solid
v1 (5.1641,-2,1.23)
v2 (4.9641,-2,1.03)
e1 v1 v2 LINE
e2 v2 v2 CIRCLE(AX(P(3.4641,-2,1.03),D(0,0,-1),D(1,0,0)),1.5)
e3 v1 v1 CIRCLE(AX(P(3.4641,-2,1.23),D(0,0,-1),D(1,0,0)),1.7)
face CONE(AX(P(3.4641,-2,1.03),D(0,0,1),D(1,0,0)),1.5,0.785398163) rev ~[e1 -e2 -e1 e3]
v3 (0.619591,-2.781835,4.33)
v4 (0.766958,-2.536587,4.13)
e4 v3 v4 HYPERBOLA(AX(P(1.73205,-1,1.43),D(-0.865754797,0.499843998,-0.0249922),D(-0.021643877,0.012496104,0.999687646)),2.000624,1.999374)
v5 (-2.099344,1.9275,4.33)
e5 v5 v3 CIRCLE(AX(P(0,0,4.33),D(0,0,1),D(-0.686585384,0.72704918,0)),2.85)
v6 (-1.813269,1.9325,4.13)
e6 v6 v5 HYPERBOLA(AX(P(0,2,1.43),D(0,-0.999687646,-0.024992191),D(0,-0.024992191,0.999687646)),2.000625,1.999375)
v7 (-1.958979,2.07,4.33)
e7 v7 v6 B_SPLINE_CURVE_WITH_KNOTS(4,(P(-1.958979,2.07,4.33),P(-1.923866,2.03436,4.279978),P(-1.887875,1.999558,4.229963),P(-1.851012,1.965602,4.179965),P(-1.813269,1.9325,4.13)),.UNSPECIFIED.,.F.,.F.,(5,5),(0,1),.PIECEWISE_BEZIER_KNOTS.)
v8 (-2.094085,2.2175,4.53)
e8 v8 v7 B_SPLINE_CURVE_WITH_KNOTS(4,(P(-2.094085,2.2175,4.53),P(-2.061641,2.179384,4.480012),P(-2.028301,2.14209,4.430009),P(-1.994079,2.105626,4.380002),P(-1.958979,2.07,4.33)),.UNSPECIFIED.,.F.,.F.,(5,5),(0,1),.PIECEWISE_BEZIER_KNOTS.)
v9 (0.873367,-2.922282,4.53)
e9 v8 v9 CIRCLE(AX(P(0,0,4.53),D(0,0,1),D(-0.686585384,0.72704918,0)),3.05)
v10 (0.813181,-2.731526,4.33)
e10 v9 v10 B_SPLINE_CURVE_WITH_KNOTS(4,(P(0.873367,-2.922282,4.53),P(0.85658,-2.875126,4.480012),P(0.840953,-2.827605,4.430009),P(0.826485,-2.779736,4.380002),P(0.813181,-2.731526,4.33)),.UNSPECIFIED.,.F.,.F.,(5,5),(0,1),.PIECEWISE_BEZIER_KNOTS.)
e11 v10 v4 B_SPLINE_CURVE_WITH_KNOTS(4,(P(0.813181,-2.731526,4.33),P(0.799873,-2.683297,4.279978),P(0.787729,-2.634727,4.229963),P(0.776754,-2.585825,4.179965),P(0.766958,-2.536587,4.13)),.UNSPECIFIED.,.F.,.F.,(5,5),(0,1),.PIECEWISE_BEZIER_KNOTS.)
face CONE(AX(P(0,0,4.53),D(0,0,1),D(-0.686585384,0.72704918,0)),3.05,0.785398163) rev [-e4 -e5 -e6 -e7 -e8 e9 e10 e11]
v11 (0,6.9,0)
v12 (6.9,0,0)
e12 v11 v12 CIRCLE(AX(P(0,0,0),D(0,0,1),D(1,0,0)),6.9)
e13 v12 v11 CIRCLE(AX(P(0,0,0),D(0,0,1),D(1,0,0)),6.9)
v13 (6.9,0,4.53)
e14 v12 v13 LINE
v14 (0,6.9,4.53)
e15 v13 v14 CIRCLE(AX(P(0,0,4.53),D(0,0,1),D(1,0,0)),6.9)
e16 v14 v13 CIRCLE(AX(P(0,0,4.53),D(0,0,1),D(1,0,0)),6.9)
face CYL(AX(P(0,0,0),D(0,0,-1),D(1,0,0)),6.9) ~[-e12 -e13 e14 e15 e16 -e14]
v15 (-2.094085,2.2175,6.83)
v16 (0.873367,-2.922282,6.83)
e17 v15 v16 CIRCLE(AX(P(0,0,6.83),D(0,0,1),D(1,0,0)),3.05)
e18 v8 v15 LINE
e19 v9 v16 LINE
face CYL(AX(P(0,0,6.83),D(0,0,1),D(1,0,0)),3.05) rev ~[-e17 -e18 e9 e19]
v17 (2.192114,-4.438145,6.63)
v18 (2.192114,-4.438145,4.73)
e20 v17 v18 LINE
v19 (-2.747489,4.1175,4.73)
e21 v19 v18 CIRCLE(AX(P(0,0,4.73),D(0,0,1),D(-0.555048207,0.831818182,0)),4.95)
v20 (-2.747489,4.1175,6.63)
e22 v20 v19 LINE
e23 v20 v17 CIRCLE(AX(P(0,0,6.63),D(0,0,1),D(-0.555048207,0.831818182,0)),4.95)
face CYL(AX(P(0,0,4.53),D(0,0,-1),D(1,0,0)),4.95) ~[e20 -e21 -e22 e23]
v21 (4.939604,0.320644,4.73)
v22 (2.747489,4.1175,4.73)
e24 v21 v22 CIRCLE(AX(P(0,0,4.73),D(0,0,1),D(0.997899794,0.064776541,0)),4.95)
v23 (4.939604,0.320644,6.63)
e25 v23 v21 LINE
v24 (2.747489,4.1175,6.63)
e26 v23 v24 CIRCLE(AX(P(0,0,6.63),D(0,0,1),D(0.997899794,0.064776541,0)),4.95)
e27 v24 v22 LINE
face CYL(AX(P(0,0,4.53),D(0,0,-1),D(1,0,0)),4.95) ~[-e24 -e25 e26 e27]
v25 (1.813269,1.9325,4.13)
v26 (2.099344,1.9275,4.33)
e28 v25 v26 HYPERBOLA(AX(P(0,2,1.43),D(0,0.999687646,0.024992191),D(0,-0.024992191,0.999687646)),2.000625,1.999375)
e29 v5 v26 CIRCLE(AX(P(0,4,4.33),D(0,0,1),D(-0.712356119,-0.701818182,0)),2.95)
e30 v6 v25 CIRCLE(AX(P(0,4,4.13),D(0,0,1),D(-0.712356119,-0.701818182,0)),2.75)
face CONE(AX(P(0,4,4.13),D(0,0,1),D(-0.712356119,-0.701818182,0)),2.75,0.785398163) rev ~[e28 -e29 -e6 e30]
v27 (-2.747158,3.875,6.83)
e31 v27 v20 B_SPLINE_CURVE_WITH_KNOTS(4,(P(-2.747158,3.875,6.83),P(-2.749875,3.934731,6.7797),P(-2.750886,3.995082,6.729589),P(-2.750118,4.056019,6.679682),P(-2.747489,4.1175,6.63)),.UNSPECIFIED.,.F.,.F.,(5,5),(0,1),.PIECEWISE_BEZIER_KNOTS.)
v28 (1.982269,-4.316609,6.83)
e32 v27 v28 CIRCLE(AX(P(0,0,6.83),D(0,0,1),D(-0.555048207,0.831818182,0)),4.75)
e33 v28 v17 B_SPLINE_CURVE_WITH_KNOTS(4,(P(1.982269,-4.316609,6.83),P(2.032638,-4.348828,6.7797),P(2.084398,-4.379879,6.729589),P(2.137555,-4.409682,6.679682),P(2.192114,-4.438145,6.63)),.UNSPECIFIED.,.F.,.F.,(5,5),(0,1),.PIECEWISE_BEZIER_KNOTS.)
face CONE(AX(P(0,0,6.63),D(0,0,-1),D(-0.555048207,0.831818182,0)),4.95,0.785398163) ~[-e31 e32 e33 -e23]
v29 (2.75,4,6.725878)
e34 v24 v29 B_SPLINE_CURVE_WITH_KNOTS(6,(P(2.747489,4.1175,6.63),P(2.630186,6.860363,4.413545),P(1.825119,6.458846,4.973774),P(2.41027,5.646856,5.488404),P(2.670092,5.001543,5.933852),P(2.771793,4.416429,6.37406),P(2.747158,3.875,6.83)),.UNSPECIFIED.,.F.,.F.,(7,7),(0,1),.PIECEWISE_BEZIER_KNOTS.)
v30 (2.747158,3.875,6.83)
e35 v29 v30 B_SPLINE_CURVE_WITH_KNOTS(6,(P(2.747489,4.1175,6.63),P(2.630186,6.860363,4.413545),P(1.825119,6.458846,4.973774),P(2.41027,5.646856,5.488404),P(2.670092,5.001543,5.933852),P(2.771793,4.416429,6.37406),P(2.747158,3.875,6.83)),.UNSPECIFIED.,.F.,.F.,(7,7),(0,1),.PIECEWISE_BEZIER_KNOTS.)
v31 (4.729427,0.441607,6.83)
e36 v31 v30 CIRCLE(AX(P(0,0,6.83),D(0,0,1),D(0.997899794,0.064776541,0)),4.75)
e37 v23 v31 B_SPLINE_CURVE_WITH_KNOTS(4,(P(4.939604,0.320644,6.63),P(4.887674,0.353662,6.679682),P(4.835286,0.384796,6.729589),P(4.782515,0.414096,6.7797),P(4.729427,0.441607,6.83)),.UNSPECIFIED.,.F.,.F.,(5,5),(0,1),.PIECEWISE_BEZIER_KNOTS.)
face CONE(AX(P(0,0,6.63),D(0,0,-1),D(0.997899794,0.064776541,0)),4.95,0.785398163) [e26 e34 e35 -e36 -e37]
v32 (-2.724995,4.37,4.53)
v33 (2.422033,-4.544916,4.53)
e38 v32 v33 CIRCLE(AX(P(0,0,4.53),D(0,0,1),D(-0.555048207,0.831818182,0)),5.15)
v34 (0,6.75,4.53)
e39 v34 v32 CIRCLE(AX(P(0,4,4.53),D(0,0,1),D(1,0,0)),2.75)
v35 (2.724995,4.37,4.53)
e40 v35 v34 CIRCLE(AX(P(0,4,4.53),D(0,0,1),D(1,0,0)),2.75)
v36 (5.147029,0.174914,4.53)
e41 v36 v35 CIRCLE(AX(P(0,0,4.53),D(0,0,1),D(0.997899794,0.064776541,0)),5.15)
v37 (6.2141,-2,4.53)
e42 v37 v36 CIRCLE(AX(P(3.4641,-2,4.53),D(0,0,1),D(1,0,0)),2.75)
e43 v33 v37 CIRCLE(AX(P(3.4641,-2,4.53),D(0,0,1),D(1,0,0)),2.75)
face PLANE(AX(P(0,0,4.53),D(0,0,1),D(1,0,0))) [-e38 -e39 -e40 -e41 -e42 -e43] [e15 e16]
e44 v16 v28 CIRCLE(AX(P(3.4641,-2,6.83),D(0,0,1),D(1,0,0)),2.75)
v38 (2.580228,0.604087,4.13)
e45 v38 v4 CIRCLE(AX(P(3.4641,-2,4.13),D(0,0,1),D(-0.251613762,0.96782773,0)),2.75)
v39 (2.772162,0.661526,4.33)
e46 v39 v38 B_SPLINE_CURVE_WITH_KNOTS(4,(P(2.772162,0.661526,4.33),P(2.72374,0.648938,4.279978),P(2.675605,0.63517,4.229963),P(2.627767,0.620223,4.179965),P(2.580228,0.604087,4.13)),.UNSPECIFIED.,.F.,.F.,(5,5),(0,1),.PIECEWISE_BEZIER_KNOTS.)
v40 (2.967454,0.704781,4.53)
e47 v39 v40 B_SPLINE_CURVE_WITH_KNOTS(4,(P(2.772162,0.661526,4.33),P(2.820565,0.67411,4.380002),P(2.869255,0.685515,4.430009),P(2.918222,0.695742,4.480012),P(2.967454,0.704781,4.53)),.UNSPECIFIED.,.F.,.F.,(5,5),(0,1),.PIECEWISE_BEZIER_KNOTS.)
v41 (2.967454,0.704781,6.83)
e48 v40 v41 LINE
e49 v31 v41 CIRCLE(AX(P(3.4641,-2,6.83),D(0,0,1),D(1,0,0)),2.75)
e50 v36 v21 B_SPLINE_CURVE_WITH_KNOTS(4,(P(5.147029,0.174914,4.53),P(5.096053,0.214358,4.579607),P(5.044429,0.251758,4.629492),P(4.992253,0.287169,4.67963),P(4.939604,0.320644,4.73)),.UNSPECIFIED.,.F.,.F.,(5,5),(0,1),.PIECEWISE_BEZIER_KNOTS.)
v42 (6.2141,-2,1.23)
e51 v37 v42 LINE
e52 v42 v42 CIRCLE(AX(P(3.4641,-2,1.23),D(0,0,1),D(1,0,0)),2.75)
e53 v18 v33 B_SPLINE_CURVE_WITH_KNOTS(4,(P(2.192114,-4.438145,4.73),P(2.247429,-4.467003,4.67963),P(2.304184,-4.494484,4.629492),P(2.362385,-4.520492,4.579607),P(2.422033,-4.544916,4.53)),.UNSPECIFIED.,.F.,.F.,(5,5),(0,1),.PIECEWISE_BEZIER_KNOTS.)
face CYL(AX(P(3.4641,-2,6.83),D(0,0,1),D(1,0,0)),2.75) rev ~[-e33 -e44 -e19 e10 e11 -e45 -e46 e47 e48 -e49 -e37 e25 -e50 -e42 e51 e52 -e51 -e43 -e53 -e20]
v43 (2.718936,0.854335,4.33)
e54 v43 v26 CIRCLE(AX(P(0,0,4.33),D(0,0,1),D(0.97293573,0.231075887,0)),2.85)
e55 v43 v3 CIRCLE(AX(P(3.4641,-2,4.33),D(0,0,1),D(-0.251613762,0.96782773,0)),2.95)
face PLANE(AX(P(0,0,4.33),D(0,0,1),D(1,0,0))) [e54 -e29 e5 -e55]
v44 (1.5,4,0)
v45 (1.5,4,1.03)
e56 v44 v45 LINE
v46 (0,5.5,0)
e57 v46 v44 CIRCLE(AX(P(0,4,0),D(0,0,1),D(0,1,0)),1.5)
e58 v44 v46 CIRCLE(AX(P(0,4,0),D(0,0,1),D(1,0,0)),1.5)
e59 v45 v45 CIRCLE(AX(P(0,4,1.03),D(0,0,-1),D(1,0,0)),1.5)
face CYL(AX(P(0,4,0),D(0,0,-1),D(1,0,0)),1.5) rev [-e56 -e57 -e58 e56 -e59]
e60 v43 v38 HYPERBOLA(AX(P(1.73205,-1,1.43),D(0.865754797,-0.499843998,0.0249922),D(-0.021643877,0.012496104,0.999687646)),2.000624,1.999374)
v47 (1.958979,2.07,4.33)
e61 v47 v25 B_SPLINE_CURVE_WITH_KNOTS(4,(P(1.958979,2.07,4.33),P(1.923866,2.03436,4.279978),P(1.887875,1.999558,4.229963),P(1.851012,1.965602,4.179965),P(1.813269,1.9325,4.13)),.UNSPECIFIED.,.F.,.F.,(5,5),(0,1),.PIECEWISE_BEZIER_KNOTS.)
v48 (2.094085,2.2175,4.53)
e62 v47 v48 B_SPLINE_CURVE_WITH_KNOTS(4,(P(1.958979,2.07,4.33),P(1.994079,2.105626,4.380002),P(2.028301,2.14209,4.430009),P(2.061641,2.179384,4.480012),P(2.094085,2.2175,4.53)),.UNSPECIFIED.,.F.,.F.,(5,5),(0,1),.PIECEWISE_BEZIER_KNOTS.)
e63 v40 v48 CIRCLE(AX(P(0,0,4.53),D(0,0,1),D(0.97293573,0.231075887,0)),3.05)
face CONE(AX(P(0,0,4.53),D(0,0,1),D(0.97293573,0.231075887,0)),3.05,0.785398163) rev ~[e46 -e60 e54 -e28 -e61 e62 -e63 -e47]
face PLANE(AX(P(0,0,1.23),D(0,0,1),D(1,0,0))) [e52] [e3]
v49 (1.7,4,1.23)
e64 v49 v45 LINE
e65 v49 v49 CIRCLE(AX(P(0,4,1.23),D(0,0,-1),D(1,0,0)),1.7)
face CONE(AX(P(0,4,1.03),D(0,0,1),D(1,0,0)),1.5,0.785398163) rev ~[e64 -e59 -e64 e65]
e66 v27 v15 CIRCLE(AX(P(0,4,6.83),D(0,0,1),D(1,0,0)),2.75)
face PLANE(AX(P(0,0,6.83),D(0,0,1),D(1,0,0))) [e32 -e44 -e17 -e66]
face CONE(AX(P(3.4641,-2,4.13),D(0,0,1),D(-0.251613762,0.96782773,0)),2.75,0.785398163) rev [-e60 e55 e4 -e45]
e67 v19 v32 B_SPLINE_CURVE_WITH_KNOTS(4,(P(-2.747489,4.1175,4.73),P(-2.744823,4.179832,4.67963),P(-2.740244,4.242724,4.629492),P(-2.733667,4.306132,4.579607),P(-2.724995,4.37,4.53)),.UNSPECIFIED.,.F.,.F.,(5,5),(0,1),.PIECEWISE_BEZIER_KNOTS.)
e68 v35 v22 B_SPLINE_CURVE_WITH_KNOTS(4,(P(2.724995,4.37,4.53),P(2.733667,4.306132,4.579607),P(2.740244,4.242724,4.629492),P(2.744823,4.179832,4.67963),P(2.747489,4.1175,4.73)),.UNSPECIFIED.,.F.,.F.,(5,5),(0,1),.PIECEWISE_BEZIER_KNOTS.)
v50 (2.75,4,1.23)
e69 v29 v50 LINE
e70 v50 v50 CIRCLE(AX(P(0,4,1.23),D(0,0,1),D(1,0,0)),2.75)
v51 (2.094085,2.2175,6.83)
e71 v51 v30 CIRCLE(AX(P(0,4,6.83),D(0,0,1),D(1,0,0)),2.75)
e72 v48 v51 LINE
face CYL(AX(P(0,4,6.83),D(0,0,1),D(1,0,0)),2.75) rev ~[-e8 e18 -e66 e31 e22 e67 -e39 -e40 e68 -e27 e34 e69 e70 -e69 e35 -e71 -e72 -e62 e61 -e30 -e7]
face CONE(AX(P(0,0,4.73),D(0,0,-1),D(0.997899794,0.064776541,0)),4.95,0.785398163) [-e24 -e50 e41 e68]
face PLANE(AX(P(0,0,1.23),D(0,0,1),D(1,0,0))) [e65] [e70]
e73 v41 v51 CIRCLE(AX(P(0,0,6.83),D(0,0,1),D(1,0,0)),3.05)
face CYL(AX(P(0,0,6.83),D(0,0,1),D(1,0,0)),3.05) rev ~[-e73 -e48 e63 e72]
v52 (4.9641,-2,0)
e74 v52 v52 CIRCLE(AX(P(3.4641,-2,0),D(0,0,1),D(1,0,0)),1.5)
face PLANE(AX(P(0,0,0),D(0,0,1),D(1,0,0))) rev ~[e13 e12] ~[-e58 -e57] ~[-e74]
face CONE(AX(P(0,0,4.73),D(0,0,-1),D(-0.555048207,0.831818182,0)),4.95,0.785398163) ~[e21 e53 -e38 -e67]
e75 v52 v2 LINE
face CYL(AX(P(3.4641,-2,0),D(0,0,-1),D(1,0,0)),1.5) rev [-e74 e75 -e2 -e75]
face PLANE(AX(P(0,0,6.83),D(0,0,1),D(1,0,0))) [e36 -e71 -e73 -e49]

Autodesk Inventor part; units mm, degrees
ref_plane "YZ Plane" through (0, 0, 0) normal (1, 0, 0) x (0, 1, 0)
ref_plane "XZ Plane" through (0, 0, 0) normal (0, 1, 0) x (-1, 0, 0)
ref_plane "XY Plane" through (0, 0, 0) normal (0, 0, 1) x (1, 0, 0)
sketch "Sketch1" plane through (0, 0, 0) normal (0, 0, 1) x (1, 0, 0)
  circle A0 centre (0, 0) radius 6.9
  line L0 (0, 0) -> (0, 9.7668)
  circle A1 centre (0, 0) radius 4
  circle A2 centre (0, 4) radius 1.5
  circle A3 centre (-3.4641, -2) radius 1.5
  circle A4 centre (3.4641, -2) radius 1.5
  dimension "d1" = 8
  dimension "d0" = 13.8
  dimension "d2" = 3
  dimension "d5" = 360
extrude "Extrusion1" add sketch "Sketch1" along normal blind 4.53 contours A0 | A2 A1 A4 A3 | A3 A1 | A1 A3
sketch "Sketch2" plane through (0, 0, 4.53) normal (0, 0, 1) x (1, 0, 0)
  circle A0 centre (0, 0) radius 4.95
  dimension "d9" = 9.9
extrude "Extrusion2" add sketch "Sketch2" along normal blind 2.3
sketch "Sketch3" plane through (0, 0, 6.83) normal (0, 0, 1) x (1, 0, 0)
  circle A0 centre (0, 0) radius 3.05
  dimension "d12" = 6.1
extrude "Extrusion3" cut sketch "Sketch3" against normal blind 2.5
sketch "Sketch4" plane through (0, 0, 6.83) normal (0, 0, 1) x (1, 0, 0)
  arc A0 (1.2803, 4.7816) -> (-1.2803, 4.7816) centre (0, 4) ccw projected
  circle A1 centre (0, 4) radius 2.75
  circle A2 centre (-3.4641, -2) radius 2.75
  circle A3 centre (3.4641, -2) radius 2.75
  point P0 (0, 0)
  dimension "d15" = 5.5
  dimension "d18" = 360
extrude "Extrusion4" cut sketch "Sketch4" against normal blind 5.6 contours A1 | A3
chamfer "Chamfer1" distance 0.2 angle 45 2 edges at (2.6414, 1.525, 4.33) (-2.6414, -1.525, 4.33)
chamfer "Chamfer2" distance 0.2 angle 45 2 edges at (4.2868, 2.475, 6.83) (-4.2868, -2.475, 6.83)
chamfer "Chamfer3" distance 0.2 angle 45 4 edges at (-1.5, 4, 1.23) (0, 1.25, 4.33) (1.0825, -0.625, 4.33) (1.9641, -2, 1.23)
chamfer "Chamfer4" distance 0.2 angle 45 2 edges at (4.2868, 2.475, 4.53) (-4.2868, -2.475, 4.53)
properties part number "acc_motor_maghold"
